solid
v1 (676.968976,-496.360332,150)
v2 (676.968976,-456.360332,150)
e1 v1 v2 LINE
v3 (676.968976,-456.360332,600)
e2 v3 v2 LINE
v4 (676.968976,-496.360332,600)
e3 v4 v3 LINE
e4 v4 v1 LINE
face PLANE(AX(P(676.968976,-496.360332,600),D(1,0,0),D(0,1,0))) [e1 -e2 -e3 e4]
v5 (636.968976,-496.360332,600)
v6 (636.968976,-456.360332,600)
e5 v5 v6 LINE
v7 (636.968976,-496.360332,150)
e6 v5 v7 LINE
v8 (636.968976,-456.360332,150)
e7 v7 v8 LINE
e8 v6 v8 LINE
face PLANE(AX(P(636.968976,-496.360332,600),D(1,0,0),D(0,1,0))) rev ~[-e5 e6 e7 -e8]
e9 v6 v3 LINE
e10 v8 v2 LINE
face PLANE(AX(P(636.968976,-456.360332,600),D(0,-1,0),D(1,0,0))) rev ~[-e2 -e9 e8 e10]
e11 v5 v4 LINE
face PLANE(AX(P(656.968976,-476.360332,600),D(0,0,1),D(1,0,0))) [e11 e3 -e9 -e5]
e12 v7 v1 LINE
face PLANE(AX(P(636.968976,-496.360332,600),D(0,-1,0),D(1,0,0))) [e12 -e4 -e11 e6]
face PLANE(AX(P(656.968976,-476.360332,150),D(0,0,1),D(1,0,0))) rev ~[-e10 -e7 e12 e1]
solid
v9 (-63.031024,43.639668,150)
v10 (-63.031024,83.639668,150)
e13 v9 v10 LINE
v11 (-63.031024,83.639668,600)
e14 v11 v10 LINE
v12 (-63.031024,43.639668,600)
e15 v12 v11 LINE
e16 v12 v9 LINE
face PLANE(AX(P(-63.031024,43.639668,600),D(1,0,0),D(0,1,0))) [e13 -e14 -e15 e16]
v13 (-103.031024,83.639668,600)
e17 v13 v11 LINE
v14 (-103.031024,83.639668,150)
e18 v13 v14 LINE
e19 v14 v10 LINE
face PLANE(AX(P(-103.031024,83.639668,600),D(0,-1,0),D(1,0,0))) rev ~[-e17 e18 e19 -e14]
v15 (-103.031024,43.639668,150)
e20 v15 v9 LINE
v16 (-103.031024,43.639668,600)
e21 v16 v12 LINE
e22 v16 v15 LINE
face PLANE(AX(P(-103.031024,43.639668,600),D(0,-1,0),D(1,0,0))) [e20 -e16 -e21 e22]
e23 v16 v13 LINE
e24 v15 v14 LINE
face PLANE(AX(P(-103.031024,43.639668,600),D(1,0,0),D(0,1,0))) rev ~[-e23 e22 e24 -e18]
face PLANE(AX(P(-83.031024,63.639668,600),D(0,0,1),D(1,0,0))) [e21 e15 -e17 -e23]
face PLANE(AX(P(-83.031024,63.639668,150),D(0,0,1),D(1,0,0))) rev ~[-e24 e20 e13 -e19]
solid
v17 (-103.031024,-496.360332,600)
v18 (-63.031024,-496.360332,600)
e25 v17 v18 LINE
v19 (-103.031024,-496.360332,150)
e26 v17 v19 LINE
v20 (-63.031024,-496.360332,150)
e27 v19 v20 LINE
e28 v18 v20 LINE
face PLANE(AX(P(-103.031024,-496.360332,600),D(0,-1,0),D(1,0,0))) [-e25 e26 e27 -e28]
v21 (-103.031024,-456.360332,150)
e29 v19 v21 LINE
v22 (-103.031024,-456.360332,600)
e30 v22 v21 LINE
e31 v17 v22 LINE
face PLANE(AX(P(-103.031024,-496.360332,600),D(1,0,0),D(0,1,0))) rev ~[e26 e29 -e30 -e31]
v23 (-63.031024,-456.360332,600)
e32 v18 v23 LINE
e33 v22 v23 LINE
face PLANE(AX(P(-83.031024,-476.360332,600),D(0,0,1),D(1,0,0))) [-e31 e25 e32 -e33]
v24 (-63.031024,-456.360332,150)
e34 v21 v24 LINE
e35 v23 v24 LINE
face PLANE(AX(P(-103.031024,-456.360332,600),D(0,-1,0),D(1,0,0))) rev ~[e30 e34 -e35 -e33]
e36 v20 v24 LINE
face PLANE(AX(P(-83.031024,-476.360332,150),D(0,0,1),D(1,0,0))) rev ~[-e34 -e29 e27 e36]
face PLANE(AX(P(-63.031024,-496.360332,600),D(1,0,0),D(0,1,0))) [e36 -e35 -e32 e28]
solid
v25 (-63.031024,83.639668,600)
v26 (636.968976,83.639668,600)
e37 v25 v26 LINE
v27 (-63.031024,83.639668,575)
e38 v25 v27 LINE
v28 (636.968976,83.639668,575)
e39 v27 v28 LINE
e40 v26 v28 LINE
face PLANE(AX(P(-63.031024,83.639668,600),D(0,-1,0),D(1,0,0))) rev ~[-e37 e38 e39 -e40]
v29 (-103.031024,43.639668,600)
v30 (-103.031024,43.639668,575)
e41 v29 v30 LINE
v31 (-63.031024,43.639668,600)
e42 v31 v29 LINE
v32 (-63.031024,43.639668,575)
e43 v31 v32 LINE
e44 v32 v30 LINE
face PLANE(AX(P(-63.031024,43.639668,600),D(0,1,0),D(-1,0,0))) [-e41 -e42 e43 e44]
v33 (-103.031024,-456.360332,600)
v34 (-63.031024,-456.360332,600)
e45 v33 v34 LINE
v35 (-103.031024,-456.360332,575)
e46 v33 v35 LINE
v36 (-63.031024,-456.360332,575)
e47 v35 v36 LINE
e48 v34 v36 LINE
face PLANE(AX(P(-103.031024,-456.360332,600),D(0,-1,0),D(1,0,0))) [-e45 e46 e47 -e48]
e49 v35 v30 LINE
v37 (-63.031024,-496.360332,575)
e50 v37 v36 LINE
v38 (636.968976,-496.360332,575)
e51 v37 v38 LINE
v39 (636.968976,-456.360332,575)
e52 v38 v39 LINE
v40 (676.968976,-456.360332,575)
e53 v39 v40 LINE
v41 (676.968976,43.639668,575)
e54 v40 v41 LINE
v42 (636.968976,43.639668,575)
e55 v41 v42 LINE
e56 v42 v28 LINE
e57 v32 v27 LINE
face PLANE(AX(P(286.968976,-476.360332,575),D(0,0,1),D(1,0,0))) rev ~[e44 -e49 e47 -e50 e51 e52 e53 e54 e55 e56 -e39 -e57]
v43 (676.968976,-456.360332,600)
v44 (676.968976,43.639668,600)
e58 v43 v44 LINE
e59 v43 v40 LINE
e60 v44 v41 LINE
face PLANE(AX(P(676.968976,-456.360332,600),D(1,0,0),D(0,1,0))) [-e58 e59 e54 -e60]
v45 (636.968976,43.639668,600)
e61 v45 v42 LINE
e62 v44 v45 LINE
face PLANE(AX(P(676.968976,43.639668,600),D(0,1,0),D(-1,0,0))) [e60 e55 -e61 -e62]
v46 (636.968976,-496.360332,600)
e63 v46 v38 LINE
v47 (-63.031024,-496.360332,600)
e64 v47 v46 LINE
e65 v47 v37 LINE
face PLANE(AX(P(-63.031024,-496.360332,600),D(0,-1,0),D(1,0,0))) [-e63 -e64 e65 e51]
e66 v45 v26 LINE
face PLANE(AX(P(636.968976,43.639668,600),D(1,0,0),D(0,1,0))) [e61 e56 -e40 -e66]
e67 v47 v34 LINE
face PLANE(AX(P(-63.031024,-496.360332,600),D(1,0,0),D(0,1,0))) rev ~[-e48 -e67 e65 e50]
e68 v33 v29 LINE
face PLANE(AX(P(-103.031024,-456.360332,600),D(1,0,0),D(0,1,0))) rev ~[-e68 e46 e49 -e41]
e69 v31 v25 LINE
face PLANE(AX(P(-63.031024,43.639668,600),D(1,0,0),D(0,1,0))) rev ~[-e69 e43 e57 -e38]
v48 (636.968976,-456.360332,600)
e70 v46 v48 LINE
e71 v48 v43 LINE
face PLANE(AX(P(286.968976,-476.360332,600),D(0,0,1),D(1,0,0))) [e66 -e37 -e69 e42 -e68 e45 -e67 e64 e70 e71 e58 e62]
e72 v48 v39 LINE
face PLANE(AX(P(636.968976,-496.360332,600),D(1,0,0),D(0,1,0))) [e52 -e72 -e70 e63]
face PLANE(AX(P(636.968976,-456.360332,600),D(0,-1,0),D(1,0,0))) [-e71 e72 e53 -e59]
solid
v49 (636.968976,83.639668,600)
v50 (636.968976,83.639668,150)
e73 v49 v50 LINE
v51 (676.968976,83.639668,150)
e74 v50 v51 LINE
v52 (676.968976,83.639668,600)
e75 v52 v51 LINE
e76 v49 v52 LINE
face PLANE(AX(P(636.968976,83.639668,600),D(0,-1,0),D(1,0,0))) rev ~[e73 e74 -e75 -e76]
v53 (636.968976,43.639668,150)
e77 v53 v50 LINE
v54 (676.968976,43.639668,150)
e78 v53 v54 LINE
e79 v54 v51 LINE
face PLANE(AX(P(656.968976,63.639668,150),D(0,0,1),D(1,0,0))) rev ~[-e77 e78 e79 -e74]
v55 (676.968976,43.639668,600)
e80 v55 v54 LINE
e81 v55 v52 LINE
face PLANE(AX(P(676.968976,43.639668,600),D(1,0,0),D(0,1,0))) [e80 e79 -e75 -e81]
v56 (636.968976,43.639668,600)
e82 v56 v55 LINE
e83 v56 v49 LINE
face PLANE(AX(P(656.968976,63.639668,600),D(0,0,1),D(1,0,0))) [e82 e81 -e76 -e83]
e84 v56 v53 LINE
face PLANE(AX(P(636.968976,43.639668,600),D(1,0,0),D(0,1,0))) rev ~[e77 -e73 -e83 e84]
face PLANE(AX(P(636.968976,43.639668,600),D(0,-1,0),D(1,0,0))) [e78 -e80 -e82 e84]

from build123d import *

# Parameters (mm, degrees)
F1_W     = 40
F1_H     = 40
F2_DEPTH = 450
F1_W_2   = 700
F1_H_2   = 500
F3_DEPTH = 25


with BuildPart() as f2:
    # F1 (on offset) → F2 (new body)
    with BuildSketch(Plane.XY.offset(600)):
        with Locations((-83.031024, -476.360332)):
            Rectangle(F1_W, F1_H)
        with Locations((-83.031024, 63.639668)):
            Rectangle(F1_W, F1_H)
        with Locations((656.968976, 63.639668)):
            Rectangle(F1_W, F1_H)
        with Locations((656.968976, -476.360332)):
            Rectangle(F1_W, F1_H)
    extrude(amount=-F2_DEPTH)


with BuildPart() as f3:
    # F1 (on offset) → F3 (new body)
    with BuildSketch(Plane.XY.offset(600)):
        with Locations((286.968976, -476.360332)):
            Rectangle(F1_W_2, F1_H)
        with Locations((-83.031024, -206.360332)):
            Rectangle(F1_W, F1_H_2)
        with Locations((286.968976, -206.360332)):
            Rectangle(F1_W_2, F1_H_2)
        with Locations((656.968976, -206.360332)):
            Rectangle(F1_W, F1_H_2)
        with Locations((286.968976, 63.639668)):
            Rectangle(F1_W_2, F1_H)
    extrude(amount=-F3_DEPTH)


solid = Compound([f2.part, f3.part])
